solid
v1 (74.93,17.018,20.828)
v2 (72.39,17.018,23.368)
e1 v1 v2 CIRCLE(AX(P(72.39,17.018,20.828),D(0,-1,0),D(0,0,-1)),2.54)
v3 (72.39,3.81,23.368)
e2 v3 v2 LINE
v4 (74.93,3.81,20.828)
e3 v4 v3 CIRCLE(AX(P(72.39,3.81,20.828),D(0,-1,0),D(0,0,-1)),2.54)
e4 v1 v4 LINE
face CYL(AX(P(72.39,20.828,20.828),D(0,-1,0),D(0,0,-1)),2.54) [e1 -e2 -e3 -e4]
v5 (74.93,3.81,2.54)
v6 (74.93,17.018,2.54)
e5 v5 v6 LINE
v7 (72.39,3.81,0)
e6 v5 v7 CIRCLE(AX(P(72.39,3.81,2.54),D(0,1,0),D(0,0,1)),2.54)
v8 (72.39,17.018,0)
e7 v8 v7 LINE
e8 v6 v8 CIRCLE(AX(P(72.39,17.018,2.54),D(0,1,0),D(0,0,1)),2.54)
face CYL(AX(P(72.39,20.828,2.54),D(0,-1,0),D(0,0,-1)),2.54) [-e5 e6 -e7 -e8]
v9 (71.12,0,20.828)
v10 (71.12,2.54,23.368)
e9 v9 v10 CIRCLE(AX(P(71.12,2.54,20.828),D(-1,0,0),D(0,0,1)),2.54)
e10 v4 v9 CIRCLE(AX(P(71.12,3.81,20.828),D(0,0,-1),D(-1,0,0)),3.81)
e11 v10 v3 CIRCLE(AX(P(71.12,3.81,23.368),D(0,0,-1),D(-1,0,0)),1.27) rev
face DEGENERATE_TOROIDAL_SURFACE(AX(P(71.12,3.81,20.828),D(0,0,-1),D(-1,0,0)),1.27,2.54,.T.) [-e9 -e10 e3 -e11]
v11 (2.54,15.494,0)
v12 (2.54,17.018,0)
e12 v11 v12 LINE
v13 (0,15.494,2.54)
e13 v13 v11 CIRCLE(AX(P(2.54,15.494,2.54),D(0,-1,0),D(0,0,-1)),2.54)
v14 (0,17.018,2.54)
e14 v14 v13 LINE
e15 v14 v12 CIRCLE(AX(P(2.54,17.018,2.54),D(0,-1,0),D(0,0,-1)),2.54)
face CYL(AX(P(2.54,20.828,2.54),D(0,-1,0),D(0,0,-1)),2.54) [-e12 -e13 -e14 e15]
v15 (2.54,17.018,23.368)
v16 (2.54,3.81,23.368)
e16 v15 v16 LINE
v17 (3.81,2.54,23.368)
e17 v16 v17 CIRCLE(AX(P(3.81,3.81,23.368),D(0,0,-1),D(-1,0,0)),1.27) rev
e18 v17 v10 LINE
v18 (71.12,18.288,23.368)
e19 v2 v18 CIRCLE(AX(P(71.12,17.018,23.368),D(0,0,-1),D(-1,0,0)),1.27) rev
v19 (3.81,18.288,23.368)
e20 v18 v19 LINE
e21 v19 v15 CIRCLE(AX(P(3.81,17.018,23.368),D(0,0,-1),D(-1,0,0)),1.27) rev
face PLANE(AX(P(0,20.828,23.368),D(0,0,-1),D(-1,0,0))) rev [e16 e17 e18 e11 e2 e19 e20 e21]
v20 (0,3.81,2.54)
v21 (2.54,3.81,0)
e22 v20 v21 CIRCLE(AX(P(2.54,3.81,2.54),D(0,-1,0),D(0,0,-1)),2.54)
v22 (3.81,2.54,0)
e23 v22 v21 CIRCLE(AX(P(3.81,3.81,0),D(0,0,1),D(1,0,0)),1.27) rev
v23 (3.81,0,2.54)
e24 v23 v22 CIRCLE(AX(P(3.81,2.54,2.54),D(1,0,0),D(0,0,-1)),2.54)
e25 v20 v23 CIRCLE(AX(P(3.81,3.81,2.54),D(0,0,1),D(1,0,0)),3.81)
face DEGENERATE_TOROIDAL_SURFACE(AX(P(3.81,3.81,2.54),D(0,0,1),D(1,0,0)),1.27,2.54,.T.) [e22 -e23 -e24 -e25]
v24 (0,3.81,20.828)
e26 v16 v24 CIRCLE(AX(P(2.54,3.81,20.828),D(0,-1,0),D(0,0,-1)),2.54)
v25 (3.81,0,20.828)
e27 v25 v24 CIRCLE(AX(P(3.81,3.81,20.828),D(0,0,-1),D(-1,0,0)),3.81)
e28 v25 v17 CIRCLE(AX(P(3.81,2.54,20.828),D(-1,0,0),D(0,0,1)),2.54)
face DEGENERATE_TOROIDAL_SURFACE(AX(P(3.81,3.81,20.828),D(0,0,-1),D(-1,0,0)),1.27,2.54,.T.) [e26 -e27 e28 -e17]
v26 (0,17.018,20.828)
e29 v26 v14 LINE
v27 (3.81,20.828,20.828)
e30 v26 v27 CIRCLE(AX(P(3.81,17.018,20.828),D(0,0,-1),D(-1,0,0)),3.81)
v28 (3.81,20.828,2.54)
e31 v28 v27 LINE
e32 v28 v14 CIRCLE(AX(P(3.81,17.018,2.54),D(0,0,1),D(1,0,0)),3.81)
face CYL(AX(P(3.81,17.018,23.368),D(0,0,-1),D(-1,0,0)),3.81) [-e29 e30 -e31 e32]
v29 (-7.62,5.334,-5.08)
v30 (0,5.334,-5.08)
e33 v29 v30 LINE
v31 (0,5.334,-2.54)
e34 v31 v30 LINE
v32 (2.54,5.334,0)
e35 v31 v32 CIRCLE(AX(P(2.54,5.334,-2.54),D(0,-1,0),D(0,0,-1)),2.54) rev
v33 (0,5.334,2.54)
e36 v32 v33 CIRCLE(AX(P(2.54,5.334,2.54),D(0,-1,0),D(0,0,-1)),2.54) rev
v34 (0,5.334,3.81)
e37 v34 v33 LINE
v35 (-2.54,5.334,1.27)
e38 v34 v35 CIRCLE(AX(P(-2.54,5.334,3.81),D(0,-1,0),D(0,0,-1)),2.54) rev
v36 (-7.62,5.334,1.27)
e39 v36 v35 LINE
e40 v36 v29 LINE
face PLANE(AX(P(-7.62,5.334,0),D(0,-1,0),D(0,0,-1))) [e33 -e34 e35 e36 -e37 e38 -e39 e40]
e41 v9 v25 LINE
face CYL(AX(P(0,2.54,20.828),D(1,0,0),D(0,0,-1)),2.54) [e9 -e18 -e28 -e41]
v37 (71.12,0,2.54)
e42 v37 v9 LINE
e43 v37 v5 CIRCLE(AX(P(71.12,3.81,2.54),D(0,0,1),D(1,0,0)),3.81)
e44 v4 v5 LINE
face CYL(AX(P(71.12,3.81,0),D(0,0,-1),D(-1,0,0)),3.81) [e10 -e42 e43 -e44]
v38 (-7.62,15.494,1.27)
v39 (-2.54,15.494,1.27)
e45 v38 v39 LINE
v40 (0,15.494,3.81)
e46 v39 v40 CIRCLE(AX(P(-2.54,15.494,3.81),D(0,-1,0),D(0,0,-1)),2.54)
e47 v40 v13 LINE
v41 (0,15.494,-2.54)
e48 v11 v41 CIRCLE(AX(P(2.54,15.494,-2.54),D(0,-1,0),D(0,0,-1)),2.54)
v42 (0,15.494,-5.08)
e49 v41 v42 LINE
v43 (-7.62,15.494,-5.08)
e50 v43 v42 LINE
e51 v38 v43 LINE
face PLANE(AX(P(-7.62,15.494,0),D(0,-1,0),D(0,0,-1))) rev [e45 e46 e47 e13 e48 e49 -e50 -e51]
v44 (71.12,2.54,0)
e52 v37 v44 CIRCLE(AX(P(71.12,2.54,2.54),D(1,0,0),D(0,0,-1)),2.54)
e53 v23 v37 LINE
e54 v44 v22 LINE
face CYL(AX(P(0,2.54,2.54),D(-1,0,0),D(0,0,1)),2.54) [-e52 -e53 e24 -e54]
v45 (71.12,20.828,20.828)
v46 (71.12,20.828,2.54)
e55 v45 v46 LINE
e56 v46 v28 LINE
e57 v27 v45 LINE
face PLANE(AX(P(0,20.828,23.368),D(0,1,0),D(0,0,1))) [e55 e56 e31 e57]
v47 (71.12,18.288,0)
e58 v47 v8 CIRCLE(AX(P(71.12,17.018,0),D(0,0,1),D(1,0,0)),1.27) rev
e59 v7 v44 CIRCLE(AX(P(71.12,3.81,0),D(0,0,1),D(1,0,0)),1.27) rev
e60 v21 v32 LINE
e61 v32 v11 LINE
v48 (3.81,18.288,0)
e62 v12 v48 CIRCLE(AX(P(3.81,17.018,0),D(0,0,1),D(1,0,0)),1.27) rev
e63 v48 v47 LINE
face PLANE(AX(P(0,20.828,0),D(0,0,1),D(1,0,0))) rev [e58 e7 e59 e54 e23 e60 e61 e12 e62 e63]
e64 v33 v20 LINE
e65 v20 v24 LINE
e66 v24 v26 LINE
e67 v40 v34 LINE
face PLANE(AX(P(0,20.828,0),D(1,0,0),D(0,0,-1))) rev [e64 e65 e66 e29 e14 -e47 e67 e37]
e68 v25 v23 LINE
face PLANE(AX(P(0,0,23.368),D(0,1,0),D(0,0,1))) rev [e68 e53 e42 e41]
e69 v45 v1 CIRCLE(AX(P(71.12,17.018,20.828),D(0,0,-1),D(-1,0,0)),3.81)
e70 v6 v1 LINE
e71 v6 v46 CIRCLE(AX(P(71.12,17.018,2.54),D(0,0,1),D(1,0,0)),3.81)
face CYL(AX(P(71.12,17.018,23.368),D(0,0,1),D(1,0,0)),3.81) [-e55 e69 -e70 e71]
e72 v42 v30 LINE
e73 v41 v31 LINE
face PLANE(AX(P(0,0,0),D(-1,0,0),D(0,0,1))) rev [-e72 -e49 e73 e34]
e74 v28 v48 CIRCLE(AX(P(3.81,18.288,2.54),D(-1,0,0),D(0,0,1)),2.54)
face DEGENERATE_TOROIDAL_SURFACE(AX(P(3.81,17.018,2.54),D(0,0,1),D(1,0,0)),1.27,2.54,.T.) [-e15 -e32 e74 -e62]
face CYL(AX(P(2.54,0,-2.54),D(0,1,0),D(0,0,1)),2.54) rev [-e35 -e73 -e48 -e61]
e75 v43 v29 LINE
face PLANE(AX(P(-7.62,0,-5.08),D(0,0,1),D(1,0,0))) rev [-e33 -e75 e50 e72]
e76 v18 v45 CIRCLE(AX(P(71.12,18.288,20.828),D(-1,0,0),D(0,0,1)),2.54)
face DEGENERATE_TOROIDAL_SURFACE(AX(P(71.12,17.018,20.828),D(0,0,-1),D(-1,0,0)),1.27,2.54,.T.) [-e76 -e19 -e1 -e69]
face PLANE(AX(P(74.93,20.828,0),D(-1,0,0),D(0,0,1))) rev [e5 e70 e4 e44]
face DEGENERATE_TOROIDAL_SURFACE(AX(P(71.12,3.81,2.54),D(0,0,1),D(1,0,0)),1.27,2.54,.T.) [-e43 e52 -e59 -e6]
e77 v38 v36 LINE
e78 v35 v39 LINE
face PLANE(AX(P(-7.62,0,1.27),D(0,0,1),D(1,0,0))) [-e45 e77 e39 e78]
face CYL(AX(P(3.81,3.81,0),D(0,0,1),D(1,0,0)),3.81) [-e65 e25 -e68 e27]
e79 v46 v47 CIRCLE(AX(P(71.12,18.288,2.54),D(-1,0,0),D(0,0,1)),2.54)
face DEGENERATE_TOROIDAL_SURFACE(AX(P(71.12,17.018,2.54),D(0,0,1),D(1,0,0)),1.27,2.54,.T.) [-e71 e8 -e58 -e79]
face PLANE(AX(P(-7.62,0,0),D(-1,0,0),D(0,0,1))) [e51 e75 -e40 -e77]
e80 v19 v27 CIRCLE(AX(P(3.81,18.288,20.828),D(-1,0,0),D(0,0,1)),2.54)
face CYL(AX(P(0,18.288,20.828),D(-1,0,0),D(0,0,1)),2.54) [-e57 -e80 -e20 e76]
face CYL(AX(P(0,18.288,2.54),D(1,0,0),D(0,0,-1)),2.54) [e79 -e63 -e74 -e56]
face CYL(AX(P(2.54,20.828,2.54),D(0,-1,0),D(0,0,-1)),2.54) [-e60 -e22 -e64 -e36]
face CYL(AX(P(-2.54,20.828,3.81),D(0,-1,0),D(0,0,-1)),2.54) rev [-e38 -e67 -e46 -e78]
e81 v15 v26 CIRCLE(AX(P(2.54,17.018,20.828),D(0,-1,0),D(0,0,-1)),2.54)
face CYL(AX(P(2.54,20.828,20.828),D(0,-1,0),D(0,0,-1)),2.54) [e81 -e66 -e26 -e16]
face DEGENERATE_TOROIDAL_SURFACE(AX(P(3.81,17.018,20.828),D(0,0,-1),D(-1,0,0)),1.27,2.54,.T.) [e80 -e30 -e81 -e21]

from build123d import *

# Parameters (mm, degrees)
SKETCH1_W           = 74.93
SKETCH1_H           = 23.368
BOSS_EXTRUDE1_DEPTH = 20.828
SKETCH2_W           = 5.08
SKETCH2_H           = 10.16
SKETCH2_W_2         = 1.27
BOSS_EXTRUDE2_DEPTH = 7.62
FILLET1_R           = 2.54
FILLET2_R           = 3.81
FILLET3_R           = 2.54
FILLET4_R           = 2.54


with BuildPart() as part:
    # Sketch1 → Boss-Extrude1 (new body)
    with BuildSketch(Plane(origin=(0, 0, 0), x_dir=(1, 0, 0), z_dir=(0, 1, 0))):
        with Locations((37.465, -11.684)):
            Rectangle(SKETCH1_W, SKETCH1_H)
    extrude(amount=BOSS_EXTRUDE1_DEPTH)

    # Sketch2 → Boss-Extrude2 (add)
    with BuildSketch(Plane.ZY):
        with Locations((-2.54, 10.414)):
            Rectangle(SKETCH2_W, SKETCH2_H)
        with Locations((0.635, 10.414)):
            Rectangle(SKETCH2_W_2, SKETCH2_H)
    extrude(amount=BOSS_EXTRUDE2_DEPTH)

    # Fillet1
    fillet1_edges = [part.edges().sort_by_distance(p)[0] for p in [
        (0, 10.414, 0),
        (0, 10.414, 1.27),
    ]]
    fillet(fillet1_edges, radius=FILLET1_R)

    # Fillet2
    fillet2_edges = [part.edges().sort_by_distance(p)[0] for p in [
        (74.93, 20.828, 11.684),
        (0, 20.828, 11.684),
        (74.93, 0, 11.684),
        (0, 0, 11.684),
    ]]
    fillet(fillet2_edges, radius=FILLET2_R)

    # Fillet3
    fillet3_edges = [part.edges().sort_by_distance(p)[0] for p in [
        (37.465, 20.828, 23.368),
        (37.465, 0, 23.368),
        (74.93, 10.414, 23.368),
        (0, 10.414, 23.368),
        (1.115923164, 1.115923164, 23.368),
        (73.814076836, 1.115923164, 23.368),
        (73.814076836, 19.712076836, 23.368),
        (1.115923164, 19.712076836, 23.368),
    ]]
    fillet(fillet3_edges, radius=FILLET3_R)

    # Fillet4
    fillet4_edges = [part.edges().sort_by_distance(p)[0] for p in [
        (0, 16.256, 0),
        (1.115923164, 19.712076836, 0),
        (37.465, 20.828, 0),
        (73.814076836, 19.712076836, 0),
        (74.93, 10.414, 0),
        (73.814076836, 1.115923164, 0),
        (0, 4.572, 0),
        (1.115923164, 1.115923164, 0),
        (37.465, 0, 0),
    ]]
    fillet(fillet4_edges, radius=FILLET4_R)


solid = part.part
